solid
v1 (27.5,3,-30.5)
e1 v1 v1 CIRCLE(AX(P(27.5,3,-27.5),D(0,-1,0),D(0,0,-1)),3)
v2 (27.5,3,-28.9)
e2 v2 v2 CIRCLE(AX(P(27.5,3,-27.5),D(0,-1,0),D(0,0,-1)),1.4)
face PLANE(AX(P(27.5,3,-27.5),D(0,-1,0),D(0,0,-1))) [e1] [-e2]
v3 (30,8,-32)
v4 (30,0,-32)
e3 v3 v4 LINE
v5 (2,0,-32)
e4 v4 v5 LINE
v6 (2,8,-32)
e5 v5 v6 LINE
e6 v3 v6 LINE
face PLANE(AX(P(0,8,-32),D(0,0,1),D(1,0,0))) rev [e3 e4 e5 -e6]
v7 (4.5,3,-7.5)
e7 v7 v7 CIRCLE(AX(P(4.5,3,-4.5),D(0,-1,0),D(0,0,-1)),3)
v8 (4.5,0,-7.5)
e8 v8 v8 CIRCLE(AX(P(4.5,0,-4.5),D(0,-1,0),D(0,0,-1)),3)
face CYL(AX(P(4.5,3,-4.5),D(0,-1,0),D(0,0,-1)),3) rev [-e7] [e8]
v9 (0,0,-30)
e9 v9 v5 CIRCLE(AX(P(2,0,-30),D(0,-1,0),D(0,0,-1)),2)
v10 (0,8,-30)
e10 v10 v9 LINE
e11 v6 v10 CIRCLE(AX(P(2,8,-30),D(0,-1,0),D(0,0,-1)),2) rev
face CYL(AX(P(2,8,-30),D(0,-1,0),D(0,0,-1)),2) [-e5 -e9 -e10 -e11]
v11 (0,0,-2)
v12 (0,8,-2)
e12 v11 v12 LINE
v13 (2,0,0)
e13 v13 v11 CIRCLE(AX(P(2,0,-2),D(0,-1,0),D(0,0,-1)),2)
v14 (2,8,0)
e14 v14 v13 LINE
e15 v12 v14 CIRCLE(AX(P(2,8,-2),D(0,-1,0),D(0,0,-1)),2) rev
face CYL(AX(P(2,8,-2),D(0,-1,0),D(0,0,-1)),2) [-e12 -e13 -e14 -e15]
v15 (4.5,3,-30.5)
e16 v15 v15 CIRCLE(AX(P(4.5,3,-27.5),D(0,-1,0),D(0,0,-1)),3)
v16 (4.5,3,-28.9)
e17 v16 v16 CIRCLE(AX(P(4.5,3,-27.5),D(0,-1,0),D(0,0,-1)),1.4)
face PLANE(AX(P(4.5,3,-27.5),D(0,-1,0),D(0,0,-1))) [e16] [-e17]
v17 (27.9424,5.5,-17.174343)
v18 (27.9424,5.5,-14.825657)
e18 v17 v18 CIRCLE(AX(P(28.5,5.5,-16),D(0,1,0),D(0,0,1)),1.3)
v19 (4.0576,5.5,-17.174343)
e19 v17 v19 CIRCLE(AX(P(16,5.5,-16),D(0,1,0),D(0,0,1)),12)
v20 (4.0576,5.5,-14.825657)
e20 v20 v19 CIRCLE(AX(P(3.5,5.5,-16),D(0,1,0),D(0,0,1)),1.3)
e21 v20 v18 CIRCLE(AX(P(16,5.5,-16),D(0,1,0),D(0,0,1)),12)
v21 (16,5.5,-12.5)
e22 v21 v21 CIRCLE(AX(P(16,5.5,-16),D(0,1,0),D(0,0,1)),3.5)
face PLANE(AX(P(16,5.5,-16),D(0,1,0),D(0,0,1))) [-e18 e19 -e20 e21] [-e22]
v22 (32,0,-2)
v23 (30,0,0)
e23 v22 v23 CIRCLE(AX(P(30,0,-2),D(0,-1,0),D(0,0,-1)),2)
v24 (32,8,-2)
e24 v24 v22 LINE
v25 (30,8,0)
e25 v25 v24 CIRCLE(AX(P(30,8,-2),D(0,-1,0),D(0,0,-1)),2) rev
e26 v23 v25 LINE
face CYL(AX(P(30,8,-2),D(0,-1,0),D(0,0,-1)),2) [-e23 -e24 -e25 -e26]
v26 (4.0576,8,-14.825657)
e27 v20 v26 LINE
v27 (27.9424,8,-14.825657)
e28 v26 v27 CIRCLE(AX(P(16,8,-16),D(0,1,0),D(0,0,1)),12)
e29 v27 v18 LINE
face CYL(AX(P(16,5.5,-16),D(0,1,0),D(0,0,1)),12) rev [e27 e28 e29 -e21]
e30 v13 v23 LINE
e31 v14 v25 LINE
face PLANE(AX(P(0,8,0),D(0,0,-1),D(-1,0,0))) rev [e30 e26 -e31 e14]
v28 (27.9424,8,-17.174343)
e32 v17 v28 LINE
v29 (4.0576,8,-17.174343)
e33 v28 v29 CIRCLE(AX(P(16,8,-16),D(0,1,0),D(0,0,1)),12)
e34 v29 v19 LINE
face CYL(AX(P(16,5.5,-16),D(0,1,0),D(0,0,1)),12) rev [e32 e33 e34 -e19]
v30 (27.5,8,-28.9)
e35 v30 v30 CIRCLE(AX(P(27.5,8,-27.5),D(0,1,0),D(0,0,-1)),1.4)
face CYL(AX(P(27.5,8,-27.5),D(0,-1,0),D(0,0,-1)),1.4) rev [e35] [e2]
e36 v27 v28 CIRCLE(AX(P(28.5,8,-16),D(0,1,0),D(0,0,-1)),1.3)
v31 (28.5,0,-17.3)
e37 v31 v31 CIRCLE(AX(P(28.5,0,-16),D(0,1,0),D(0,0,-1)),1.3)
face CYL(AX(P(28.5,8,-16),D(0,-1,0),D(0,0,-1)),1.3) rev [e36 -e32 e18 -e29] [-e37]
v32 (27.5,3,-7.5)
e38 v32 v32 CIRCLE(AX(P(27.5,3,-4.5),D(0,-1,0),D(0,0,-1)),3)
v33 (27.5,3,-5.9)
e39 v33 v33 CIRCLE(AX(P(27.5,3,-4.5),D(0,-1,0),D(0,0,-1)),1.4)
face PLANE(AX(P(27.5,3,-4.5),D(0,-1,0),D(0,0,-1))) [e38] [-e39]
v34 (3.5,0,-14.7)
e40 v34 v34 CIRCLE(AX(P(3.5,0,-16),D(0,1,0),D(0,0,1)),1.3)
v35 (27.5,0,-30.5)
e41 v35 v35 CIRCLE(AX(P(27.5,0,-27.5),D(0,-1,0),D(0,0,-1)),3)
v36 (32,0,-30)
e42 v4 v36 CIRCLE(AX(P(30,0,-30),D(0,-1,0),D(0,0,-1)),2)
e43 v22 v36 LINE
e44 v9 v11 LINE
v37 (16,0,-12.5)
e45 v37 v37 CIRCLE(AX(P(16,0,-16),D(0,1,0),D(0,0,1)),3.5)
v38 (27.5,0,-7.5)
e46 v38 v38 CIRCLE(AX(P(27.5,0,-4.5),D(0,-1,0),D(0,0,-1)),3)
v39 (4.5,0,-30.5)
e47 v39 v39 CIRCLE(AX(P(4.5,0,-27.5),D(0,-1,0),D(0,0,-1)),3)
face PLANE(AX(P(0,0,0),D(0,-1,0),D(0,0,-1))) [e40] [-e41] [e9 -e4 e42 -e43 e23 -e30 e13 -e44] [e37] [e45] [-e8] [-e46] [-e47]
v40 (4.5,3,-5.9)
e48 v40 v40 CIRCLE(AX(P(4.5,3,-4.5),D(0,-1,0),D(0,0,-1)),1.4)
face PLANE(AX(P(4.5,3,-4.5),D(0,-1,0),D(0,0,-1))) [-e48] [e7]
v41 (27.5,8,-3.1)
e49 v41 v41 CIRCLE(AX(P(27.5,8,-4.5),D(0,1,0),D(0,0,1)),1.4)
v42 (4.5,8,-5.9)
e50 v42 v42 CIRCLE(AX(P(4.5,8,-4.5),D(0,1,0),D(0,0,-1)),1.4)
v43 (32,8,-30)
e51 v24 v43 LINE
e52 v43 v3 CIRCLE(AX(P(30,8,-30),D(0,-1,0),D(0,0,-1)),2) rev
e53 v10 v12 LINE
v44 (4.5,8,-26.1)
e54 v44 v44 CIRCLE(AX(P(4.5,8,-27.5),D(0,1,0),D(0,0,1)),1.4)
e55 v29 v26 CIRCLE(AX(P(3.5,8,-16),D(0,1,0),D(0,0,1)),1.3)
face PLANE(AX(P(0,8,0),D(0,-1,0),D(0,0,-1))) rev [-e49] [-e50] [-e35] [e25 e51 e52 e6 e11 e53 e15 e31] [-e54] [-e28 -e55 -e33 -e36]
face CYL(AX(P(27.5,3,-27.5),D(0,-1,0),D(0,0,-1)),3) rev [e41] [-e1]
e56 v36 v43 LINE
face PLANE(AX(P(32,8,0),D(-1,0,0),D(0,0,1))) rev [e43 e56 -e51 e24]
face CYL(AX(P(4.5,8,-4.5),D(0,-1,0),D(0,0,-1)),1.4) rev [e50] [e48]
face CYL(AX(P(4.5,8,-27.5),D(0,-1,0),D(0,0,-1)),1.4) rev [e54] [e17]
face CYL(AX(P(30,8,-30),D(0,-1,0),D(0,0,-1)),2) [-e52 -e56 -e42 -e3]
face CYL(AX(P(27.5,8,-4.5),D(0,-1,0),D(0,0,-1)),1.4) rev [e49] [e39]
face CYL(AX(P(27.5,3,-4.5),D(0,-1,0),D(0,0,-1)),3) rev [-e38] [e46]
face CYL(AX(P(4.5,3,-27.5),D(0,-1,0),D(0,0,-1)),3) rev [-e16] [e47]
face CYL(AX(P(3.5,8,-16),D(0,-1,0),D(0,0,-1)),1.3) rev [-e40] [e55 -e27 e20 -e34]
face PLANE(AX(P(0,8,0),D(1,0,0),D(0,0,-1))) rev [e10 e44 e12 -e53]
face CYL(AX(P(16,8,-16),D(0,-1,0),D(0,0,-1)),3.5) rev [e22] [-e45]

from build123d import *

# Parameters (mm, degrees)
SKETCH1_W           = 32
SKETCH1_H           = 32
SKETCH1_R           = 1.3
SKETCH1_R_2         = 1.4
SKETCH1_R_3         = 3.5
BOSS_EXTRUDE1_DEPTH = 8
SKETCH2_R           = 12
CUT_EXTRUDE1_DEPTH  = 2.5
FILLET1_R           = 2
SKETCH3_R           = 3
CUT_EXTRUDE2_DEPTH  = 3


with BuildPart() as part:
    # Sketch1 → Boss-Extrude1 (new body)
    with BuildSketch(Plane(origin=(0, 0, 0), x_dir=(1, 0, 0), z_dir=(0, 1, 0))):
        with Locations((16, 16)):
            Rectangle(SKETCH1_W, SKETCH1_H)
        with Locations((3.5, 16)):
            Circle(SKETCH1_R, mode=Mode.SUBTRACT)
        with Locations((4.5, 27.5)):
            Circle(SKETCH1_R_2, mode=Mode.SUBTRACT)
        with Locations((27.5, 27.5)):
            Circle(SKETCH1_R_2, mode=Mode.SUBTRACT)
        with Locations((27.5, 4.5)):
            Circle(SKETCH1_R_2, mode=Mode.SUBTRACT)
        with Locations((4.5, 4.5)):
            Circle(SKETCH1_R_2, mode=Mode.SUBTRACT)
        with Locations((28.5, 16)):
            Circle(SKETCH1_R, mode=Mode.SUBTRACT)
        with Locations((16, 16)):
            Circle(SKETCH1_R_3, mode=Mode.SUBTRACT)
    extrude(amount=BOSS_EXTRUDE1_DEPTH)

    # Sketch2 → Cut-Extrude1 (cut)
    with BuildSketch(Plane(origin=(0, 8, 0), x_dir=(1, 0, 0), z_dir=(0, 1, 0))):
        with Locations((16, 16)):
            Circle(SKETCH2_R)
    extrude(amount=-CUT_EXTRUDE1_DEPTH, mode=Mode.SUBTRACT)

    # Fillet1
    fillet1_edges = [part.edges().sort_by_distance(p)[0] for p in [
        (0, 4, -32),
        (32, 4, -32),
        (32, 4, 0),
        (0, 4, 0),
    ]]
    fillet(fillet1_edges, radius=FILLET1_R)

    # Sketch3 → Cut-Extrude2 (cut)
    with BuildSketch(Plane.XZ):
        with Locations((27.5, -4.5)):
            Circle(SKETCH3_R)
        with Locations((27.5, -27.5)):
            Circle(SKETCH3_R)
        with Locations((4.5, -27.5)):
            Circle(SKETCH3_R)
        with Locations((4.5, -4.5)):
            Circle(SKETCH3_R)
    extrude(amount=-CUT_EXTRUDE2_DEPTH, mode=Mode.SUBTRACT)


solid = part.part
